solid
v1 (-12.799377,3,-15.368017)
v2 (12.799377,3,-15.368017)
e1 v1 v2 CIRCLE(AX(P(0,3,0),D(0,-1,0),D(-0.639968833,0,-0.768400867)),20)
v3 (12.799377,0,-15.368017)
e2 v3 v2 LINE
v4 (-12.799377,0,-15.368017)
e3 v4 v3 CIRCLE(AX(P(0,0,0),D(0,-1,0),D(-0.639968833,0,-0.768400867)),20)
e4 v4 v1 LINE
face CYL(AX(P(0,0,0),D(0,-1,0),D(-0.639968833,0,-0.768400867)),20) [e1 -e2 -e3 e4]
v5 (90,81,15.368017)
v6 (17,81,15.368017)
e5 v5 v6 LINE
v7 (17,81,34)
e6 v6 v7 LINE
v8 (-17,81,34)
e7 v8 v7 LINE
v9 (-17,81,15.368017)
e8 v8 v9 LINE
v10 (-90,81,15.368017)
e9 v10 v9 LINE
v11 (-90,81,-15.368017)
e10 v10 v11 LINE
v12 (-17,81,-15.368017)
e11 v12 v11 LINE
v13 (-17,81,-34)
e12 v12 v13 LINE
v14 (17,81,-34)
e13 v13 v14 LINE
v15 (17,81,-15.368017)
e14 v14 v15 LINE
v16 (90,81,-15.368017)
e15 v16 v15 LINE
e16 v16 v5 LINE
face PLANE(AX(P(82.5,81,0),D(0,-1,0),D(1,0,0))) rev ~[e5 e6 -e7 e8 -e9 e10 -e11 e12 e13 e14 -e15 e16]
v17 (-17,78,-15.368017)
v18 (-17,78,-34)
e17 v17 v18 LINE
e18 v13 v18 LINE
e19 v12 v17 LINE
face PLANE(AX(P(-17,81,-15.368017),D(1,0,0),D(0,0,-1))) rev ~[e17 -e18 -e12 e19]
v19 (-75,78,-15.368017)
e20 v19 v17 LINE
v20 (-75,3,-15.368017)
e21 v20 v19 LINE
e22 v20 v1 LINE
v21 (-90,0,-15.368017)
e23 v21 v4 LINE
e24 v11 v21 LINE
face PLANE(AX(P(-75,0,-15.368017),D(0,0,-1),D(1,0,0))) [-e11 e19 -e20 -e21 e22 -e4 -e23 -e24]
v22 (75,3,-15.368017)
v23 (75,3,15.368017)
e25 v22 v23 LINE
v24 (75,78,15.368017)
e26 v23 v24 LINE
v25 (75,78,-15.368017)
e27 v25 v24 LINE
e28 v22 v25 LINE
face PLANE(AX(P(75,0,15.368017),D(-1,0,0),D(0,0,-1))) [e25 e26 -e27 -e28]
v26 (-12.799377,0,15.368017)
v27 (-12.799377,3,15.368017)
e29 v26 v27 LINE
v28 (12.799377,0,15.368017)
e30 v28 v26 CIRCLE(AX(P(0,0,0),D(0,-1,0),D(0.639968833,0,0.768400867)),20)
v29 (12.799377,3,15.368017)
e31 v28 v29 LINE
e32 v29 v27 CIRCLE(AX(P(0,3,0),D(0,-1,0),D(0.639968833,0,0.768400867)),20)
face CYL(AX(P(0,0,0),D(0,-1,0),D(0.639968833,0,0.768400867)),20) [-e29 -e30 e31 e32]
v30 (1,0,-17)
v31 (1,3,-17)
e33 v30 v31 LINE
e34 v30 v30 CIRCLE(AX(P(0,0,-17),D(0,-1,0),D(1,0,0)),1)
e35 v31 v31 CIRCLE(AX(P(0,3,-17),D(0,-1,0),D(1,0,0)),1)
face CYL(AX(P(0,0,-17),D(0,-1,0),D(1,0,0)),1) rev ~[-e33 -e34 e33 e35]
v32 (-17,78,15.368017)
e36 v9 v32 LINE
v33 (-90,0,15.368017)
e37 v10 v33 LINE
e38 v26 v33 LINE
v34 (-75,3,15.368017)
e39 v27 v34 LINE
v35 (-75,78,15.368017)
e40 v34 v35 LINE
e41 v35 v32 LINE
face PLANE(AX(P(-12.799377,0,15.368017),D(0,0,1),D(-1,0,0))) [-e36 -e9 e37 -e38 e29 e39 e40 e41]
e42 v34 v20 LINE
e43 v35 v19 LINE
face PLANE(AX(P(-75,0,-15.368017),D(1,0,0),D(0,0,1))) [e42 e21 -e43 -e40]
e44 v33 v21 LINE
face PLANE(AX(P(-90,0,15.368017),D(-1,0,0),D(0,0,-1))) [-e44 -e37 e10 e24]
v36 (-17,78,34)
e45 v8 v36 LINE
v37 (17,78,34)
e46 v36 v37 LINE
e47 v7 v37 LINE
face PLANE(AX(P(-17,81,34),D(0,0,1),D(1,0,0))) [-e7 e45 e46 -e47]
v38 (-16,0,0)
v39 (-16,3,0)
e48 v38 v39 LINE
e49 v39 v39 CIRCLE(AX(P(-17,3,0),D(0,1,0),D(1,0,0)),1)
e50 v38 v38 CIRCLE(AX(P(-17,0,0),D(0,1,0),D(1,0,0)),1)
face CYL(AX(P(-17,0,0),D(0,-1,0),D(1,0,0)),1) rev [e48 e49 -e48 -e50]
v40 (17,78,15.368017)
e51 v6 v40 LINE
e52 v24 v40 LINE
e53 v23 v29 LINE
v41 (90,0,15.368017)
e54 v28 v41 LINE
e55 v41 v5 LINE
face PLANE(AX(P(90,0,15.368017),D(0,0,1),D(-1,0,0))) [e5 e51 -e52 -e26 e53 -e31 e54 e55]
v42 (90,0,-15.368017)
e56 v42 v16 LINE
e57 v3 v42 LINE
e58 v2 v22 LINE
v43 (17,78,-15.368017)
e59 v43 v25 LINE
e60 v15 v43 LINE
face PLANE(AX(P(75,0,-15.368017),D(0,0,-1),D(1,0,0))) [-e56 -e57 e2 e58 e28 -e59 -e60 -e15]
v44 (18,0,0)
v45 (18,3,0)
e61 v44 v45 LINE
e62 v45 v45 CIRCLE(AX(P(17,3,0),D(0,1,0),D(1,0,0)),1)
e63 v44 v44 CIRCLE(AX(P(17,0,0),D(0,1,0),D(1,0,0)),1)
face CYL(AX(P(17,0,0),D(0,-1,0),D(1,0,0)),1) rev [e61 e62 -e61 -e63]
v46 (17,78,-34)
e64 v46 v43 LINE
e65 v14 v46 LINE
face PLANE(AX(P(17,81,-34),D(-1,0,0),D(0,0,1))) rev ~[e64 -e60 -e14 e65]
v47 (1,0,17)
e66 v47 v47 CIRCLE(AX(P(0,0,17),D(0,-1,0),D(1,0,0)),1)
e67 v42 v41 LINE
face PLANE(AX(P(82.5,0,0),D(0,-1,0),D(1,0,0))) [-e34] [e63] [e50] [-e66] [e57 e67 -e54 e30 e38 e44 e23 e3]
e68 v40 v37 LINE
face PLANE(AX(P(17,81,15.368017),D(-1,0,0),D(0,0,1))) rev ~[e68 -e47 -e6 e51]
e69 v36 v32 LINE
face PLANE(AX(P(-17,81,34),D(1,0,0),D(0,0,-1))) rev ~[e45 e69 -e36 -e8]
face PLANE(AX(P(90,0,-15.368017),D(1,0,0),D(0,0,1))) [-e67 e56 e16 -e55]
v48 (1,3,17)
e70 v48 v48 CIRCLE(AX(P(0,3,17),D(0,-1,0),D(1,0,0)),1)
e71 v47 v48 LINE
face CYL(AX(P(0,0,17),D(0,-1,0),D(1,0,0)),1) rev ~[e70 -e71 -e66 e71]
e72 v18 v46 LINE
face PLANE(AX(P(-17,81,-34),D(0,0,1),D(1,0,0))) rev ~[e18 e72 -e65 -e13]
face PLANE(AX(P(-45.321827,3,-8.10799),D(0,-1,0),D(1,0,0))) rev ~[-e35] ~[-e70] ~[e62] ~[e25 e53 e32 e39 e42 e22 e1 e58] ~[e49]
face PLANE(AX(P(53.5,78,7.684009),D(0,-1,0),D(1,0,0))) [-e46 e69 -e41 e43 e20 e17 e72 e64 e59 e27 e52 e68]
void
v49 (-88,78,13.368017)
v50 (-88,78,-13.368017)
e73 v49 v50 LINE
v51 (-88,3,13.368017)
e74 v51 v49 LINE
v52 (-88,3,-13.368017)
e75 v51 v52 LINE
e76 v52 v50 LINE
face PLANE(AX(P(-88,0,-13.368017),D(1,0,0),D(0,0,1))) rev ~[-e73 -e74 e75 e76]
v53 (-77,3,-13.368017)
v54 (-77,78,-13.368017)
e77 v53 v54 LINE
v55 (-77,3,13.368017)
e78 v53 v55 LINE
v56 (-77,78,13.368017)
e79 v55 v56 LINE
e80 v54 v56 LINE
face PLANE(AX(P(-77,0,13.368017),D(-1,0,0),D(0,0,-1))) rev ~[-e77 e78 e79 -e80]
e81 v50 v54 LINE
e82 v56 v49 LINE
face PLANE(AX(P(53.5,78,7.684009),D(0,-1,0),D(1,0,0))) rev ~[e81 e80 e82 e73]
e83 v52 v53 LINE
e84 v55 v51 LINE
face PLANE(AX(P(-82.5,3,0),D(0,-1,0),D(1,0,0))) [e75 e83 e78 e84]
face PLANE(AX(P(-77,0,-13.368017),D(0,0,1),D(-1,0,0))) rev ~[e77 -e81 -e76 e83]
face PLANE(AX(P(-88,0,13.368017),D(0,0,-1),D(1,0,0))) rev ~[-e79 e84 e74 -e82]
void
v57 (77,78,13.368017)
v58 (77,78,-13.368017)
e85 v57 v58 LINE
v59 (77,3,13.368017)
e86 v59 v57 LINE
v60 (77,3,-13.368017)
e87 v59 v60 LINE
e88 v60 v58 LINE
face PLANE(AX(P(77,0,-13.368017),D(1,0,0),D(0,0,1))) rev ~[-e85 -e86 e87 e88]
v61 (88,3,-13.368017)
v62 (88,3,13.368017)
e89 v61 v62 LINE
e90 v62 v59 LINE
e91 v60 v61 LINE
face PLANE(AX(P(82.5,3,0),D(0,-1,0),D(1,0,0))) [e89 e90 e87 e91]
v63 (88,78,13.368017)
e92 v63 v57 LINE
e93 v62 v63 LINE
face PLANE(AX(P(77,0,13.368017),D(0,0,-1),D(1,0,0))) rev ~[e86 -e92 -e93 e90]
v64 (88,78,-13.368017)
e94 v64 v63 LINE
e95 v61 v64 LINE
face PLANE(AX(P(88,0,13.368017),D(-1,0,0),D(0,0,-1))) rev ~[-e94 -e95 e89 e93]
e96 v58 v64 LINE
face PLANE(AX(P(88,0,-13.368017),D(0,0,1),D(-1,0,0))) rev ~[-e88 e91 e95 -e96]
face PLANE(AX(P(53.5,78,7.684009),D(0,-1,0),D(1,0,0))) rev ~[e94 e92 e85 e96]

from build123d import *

# Parameters (mm, degrees)
F0_R     = 1
F1_DEPTH = 3
F2_DEPTH = 81
F4_W     = 73
F4_H     = 15.3680173474
F4_W_2   = 34
F4_H_2   = 18.6319826526
F5_DEPTH = 3
F6_DEPTH = 3


with BuildPart() as f1:
    # F0 (on Front) → F1 (new body)
    with BuildSketch(Plane.XZ):
        with BuildLine():
            Line((-75, -15.3680173474), (-12.7993766571, -15.3680173474))
            ThreePointArc((-12.7993766571, -15.3680173474), (-18.1105981837, -8.4856486746), (-20, 0))
            Line((-20, 0), (-69, 0))
            Line((-69, 0), (-75, 0))
            Line((-75, 0), (-75, -15.3680173474))
        make_face()
        with BuildLine():
            ThreePointArc((-20, 0), (-18.1105981837, 8.4856486746), (-12.7993766571, 15.3680173474))
            Line((-12.7993766571, 15.3680173474), (-75, 15.3680173474))
            Line((-75, 15.3680173474), (-75, 0))
            Line((-75, 0), (-69, 0))
            Line((-69, 0), (-20, 0))
        make_face()
        with BuildLine():
            ThreePointArc((12.7993766571, 15.3680173474), (18.1105981837, 8.4856486746), (20, 0))
            Line((20, 0), (69, 0))
            Line((69, 0), (75, 0))
            Line((75, 0), (75, 15.3680173474))
            Line((75, 15.3680173474), (12.7993766571, 15.3680173474))
        make_face()
        with BuildLine():
            Line((69, 0), (20, 0))
            ThreePointArc((20, 0), (18.1105981837, -8.4856486746), (12.7993766571, -15.3680173474))
            Line((12.7993766571, -15.3680173474), (75, -15.3680173474))
            Line((75, -15.3680173474), (75, 0))
            Line((75, 0), (69, 0))
        make_face()
        with BuildLine():
            Line((18, 0), (20, 0))
            ThreePointArc((20, 0), (18.1105981837, 8.4856486746), (12.7993766571, 15.3680173474))
            ThreePointArc((12.7993766571, 15.3680173474), (0, 20), (-12.7993766571, 15.3680173474))
            ThreePointArc((-12.7993766571, 15.3680173474), (-18.1105981837, 8.4856486746), (-20, 0))
            Line((-20, 0), (-18, 0))
            ThreePointArc((-18, 0), (-17, 1), (-16, 0))
            Line((-16, 0), (0, 0))
            Line((0, 0), (16, 0))
            ThreePointArc((16, 0), (17, 1), (18, 0))
        make_face()
        with Locations((0, 17)):
            Circle(F0_R, mode=Mode.SUBTRACT)
        with BuildLine():
            ThreePointArc((12.7993766571, -15.3680173474), (18.1105981837, -8.4856486746), (20, 0))
            Line((20, 0), (18, 0))
            ThreePointArc((18, 0), (17, -1), (16, 0))
            Line((16, 0), (0, 0))
            Line((0, 0), (-16, 0))
            ThreePointArc((-16, 0), (-17, -1), (-18, 0))
            Line((-18, 0), (-20, 0))
            ThreePointArc((-20, 0), (-18.1105981837, -8.4856486746), (-12.7993766571, -15.3680173474))
            ThreePointArc((-12.7993766571, -15.3680173474), (0, -20), (12.7993766571, -15.3680173474))
        make_face()
        with Locations((0, -17)):
            Circle(F0_R, mode=Mode.SUBTRACT)
    extrude(amount=-F1_DEPTH)

    # F0 (on Front) → F2 (join)
    with BuildSketch(Plane.XZ):
        Polygon((90, 15.3680173474), (75, 15.3680173474), (75, 0), (75, -15.3680173474), (90, -15.3680173474), align=None)
        Polygon((77, 0), (77, 13.3680173474), (88, 13.3680173474), (88, -13.3680173474), (77, -13.3680173474), align=None, mode=Mode.SUBTRACT)
        Polygon((-75, 0), (-75, 15.3680173474), (-90, 15.3680173474), (-90, -15.3680173474), (-75, -15.3680173474), align=None)
        Polygon((-88, -13.3680173474), (-88, 13.3680173474), (-77, 13.3680173474), (-77, 0), (-77, -13.3680173474), align=None, mode=Mode.SUBTRACT)
    extrude(amount=-F2_DEPTH)

    # F4 (on offset) → F5 (join)
    with BuildSketch(Plane.XZ.offset(-81)):
        with Locations((53.5, 7.6840086737)):
            Rectangle(F4_W, F4_H)
        with Locations((53.5, -7.6840086737)):
            Rectangle(F4_W, F4_H)
        Polygon((-17, 0), (0, 0), (17, 0), (17, 15.3680173474), (-17, 15.3680173474), align=None)
        with Locations((0, 24.6840086737)):
            Rectangle(F4_W_2, F4_H_2)
        Polygon((17, 0), (0, 0), (-17, 0), (-17, -15.3680173474), (17, -15.3680173474), align=None)
        with Locations((0, -24.6840086737)):
            Rectangle(F4_W_2, F4_H_2)
        with Locations((-53.5, -7.6840086737)):
            Rectangle(F4_W, F4_H)
        with Locations((-53.5, 7.6840086737)):
            Rectangle(F4_W, F4_H)
    extrude(amount=F5_DEPTH)

    # F0 (on Front) → F6 (join)
    with BuildSketch(Plane.XZ):
        Polygon((88, 13.3680173474), (77, 13.3680173474), (77, 0), (77, -13.3680173474), (88, -13.3680173474), align=None)
        Polygon((-77, 13.3680173474), (-88, 13.3680173474), (-88, -13.3680173474), (-77, -13.3680173474), (-77, 0), align=None)
    extrude(amount=-F6_DEPTH)


solid = f1.part
